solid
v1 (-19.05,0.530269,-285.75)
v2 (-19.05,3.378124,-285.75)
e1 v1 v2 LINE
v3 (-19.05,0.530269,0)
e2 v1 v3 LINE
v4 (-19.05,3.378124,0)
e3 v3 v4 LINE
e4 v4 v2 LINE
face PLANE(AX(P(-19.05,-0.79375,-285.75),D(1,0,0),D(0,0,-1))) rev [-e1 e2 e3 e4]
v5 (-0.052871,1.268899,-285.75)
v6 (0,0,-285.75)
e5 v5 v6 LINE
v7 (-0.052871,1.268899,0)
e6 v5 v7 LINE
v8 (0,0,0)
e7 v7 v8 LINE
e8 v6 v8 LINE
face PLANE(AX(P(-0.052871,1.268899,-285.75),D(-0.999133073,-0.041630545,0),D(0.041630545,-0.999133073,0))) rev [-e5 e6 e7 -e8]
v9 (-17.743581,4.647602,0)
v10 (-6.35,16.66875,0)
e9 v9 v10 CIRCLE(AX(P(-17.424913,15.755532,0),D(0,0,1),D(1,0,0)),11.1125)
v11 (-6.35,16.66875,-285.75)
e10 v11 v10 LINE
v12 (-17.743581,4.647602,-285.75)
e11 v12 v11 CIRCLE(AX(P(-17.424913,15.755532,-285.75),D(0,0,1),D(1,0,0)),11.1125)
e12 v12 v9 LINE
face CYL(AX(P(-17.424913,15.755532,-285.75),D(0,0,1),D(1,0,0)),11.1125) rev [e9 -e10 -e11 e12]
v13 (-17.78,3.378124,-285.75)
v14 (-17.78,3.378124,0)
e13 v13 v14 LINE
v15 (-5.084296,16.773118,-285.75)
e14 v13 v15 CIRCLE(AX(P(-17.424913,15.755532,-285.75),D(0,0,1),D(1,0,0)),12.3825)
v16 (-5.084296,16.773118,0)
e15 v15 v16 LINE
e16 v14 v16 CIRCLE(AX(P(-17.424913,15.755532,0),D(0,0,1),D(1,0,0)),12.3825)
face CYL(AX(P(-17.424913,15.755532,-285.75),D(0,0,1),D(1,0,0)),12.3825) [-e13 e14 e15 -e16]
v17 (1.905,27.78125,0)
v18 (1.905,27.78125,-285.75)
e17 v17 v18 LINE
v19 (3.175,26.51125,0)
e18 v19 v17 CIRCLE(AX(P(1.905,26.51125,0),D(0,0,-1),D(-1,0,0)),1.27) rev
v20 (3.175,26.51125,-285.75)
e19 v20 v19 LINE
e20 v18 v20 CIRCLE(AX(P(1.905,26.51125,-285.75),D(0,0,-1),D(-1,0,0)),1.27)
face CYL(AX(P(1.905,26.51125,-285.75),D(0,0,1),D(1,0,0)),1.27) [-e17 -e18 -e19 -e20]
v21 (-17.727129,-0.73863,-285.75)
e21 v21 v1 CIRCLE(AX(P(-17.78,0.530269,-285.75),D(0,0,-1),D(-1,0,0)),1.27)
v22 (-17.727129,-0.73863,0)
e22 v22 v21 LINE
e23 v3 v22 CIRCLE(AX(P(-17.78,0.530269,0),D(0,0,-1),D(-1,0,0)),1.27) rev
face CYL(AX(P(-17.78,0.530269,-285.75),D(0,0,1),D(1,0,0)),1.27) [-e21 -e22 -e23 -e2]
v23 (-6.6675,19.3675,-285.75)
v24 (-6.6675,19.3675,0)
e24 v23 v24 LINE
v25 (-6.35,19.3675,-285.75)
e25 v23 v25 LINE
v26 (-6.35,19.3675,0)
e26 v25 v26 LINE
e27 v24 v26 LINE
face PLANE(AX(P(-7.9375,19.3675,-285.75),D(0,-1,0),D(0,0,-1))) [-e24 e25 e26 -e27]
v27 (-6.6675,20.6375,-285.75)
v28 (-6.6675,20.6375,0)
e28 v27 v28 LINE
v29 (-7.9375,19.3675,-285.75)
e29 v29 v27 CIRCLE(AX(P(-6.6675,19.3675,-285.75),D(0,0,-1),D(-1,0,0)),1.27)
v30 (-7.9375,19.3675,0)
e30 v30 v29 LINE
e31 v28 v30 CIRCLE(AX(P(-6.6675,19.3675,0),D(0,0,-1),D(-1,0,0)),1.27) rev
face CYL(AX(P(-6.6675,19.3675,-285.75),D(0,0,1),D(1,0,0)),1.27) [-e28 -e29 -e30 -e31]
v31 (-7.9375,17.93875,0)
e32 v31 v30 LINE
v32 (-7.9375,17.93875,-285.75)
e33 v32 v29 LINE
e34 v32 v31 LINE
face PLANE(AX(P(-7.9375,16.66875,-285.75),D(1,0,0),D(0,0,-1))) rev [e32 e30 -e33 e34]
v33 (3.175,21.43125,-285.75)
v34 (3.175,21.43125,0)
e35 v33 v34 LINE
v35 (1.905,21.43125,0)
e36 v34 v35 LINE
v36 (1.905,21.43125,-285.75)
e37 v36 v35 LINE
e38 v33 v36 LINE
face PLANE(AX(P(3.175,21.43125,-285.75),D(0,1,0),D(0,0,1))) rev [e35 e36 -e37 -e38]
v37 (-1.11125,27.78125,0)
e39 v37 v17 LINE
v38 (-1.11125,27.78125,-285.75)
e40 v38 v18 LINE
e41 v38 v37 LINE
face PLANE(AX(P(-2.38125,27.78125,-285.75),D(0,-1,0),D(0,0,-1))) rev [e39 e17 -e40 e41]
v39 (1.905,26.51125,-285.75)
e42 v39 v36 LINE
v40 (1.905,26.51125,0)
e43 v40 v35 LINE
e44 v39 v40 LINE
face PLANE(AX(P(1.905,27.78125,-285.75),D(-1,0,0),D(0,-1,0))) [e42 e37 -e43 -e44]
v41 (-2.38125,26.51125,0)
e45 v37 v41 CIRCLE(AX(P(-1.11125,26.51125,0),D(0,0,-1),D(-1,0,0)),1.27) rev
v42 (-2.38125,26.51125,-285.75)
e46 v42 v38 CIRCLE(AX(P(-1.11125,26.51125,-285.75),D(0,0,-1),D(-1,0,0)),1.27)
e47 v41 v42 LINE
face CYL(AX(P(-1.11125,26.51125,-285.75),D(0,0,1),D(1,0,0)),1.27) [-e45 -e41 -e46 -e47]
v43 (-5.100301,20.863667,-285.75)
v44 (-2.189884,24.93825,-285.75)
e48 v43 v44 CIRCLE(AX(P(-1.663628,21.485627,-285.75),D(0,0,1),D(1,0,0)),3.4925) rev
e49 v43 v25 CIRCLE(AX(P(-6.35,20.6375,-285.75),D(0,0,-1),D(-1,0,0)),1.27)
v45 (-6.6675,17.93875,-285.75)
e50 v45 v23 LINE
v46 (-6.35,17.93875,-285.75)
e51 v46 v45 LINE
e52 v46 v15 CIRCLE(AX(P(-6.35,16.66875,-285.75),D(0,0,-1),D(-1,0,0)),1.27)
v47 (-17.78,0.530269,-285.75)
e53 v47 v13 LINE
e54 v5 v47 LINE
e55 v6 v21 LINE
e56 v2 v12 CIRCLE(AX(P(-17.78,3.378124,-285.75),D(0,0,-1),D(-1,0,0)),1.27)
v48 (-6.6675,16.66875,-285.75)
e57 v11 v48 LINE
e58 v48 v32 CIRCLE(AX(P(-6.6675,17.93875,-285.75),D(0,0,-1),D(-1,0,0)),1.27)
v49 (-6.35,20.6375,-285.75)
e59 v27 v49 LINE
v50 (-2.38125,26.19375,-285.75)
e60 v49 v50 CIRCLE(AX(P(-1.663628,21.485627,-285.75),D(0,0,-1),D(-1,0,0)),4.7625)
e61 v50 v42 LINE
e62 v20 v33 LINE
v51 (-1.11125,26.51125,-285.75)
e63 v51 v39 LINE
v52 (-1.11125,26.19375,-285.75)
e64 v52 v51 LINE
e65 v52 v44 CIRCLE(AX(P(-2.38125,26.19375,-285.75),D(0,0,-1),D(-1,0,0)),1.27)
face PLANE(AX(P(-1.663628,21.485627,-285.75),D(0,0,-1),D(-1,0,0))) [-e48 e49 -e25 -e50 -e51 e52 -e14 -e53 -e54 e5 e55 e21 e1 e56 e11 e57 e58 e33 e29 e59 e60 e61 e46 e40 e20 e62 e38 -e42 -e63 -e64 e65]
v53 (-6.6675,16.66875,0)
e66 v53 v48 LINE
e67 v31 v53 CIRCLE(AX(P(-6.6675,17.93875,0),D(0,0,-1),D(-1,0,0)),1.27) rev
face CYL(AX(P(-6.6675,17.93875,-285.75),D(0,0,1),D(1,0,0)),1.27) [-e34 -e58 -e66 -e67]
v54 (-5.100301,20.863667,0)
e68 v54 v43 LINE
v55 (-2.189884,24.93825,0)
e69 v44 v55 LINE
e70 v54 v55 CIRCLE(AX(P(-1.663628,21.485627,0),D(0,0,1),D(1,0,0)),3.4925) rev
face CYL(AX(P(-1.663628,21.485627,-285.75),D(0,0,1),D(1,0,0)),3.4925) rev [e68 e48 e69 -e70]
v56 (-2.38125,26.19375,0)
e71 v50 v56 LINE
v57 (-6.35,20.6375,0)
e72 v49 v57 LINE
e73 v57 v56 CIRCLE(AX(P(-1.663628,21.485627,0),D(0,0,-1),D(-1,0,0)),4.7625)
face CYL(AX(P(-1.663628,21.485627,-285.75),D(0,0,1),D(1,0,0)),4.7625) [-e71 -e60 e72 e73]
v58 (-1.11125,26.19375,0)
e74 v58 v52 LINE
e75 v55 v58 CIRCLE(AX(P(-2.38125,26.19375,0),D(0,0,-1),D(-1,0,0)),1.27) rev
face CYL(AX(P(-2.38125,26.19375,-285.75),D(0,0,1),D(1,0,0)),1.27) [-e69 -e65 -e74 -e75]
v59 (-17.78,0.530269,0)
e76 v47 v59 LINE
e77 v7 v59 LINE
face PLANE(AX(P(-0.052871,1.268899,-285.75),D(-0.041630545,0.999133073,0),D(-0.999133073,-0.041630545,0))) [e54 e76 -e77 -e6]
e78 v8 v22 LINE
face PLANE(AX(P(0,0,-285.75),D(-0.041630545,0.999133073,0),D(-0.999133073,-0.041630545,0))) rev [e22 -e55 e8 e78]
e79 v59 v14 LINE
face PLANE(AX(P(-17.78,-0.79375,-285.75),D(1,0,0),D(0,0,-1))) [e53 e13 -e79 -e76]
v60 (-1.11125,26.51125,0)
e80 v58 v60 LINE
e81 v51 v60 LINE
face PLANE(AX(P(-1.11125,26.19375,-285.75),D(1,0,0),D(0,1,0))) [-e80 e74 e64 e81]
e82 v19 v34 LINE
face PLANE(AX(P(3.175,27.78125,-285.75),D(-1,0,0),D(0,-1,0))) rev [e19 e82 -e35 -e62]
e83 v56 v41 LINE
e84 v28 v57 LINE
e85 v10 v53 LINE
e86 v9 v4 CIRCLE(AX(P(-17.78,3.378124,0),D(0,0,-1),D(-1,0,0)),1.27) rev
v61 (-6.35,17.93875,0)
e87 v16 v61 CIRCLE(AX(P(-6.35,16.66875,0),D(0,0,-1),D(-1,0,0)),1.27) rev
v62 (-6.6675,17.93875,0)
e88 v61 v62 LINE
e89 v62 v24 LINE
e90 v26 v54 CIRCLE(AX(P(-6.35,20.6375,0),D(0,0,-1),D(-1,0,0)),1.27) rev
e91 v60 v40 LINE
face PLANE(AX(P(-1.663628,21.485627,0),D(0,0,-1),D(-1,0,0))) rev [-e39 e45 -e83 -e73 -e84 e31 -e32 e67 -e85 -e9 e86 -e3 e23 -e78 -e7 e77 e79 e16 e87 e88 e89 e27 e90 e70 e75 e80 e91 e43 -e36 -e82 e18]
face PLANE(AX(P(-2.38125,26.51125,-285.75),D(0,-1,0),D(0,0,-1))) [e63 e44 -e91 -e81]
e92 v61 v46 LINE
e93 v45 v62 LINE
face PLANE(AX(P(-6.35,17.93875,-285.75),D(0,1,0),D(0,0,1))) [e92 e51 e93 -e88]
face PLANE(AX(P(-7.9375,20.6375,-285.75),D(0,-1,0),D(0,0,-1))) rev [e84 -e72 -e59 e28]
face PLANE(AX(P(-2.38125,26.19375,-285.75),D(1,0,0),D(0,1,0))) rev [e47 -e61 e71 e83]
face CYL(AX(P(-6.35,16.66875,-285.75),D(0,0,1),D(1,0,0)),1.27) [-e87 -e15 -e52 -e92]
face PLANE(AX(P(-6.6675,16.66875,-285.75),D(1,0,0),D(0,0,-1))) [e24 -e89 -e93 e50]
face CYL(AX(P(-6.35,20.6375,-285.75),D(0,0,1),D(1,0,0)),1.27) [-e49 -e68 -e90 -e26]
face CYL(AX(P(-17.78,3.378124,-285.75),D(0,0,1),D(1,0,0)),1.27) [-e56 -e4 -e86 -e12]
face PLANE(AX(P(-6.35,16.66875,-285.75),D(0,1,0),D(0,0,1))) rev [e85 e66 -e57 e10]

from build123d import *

# Parameters (mm, degrees)
EXTRUDE_THIN1_DEPTH = 285.75
FILLET1_R           = 1.27


with BuildPart() as part:
    # Sketch1 → Extrude-Thin1 (new body)
    with BuildSketch(Plane.XY):
        with BuildLine():
            Line((0, 0), (-19.05, -0.79375))
            Line((-19.05, -0.79375), (-19.05, 4.7625))
            ThreePointArc((-19.05, 4.7625), (-9.824616787, 7.648549572), (-6.35, 16.66875))
            Line((-6.35, 16.66875), (-7.9375, 16.66875))
            Line((-7.9375, 16.66875), (-7.9375, 20.6375))
            Line((-7.9375, 20.6375), (-6.35, 20.6375))
            ThreePointArc((-6.35, 20.6375), (-5.539033157, 24.253773684), (-2.38125, 26.19375))
            Line((-2.38125, 26.19375), (-2.38125, 27.78125))
            Line((-2.38125, 27.78125), (3.175, 27.78125))
            Line((3.175, 27.78125), (3.175, 21.43125))
            Line((3.175, 21.43125), (1.905, 21.43125))
            Line((1.905, 21.43125), (1.905, 26.51125))
            Line((1.905, 26.51125), (-1.11125, 26.51125))
            Line((-1.11125, 26.51125), (-1.11125, 24.934167832))
            ThreePointArc((-1.11125, 24.934167832), (-4.660969167, 23.278250334), (-4.440513376, 19.3675))
            Line((-4.440513376, 19.3675), (-6.6675, 19.3675))
            Line((-6.6675, 19.3675), (-6.6675, 17.93875))
            Line((-6.6675, 17.93875), (-5.236398958, 17.93875))
            ThreePointArc((-5.236398958, 17.93875), (-8.043524077, 7.673709188), (-17.78, 3.378124142))
            Line((-17.78, 3.378124142), (-17.78, 0.530268619))
            Line((-17.78, 0.530268619), (-0.052870792, 1.268899003))
            Line((-0.052870792, 1.268899003), (0, 0))
        make_face()
    extrude(amount=-EXTRUDE_THIN1_DEPTH)

    # Fillet1
    fillet1_edges = [part.edges().sort_by_distance(p)[0] for p in [
        (-1.11125, 24.934167832, -142.875),
        (-4.440513376, 19.3675, -142.875),
        (-5.236398958, 17.93875, -142.875),
        (-19.05, -0.79375, -142.875),
        (-19.05, 4.7625, -142.875),
        (-7.9375, 16.66875, -142.875),
        (-7.9375, 20.6375, -142.875),
        (-2.38125, 27.78125, -142.875),
        (3.175, 27.78125, -142.875),
    ]]
    fillet(fillet1_edges, radius=FILLET1_R)


solid = part.part
